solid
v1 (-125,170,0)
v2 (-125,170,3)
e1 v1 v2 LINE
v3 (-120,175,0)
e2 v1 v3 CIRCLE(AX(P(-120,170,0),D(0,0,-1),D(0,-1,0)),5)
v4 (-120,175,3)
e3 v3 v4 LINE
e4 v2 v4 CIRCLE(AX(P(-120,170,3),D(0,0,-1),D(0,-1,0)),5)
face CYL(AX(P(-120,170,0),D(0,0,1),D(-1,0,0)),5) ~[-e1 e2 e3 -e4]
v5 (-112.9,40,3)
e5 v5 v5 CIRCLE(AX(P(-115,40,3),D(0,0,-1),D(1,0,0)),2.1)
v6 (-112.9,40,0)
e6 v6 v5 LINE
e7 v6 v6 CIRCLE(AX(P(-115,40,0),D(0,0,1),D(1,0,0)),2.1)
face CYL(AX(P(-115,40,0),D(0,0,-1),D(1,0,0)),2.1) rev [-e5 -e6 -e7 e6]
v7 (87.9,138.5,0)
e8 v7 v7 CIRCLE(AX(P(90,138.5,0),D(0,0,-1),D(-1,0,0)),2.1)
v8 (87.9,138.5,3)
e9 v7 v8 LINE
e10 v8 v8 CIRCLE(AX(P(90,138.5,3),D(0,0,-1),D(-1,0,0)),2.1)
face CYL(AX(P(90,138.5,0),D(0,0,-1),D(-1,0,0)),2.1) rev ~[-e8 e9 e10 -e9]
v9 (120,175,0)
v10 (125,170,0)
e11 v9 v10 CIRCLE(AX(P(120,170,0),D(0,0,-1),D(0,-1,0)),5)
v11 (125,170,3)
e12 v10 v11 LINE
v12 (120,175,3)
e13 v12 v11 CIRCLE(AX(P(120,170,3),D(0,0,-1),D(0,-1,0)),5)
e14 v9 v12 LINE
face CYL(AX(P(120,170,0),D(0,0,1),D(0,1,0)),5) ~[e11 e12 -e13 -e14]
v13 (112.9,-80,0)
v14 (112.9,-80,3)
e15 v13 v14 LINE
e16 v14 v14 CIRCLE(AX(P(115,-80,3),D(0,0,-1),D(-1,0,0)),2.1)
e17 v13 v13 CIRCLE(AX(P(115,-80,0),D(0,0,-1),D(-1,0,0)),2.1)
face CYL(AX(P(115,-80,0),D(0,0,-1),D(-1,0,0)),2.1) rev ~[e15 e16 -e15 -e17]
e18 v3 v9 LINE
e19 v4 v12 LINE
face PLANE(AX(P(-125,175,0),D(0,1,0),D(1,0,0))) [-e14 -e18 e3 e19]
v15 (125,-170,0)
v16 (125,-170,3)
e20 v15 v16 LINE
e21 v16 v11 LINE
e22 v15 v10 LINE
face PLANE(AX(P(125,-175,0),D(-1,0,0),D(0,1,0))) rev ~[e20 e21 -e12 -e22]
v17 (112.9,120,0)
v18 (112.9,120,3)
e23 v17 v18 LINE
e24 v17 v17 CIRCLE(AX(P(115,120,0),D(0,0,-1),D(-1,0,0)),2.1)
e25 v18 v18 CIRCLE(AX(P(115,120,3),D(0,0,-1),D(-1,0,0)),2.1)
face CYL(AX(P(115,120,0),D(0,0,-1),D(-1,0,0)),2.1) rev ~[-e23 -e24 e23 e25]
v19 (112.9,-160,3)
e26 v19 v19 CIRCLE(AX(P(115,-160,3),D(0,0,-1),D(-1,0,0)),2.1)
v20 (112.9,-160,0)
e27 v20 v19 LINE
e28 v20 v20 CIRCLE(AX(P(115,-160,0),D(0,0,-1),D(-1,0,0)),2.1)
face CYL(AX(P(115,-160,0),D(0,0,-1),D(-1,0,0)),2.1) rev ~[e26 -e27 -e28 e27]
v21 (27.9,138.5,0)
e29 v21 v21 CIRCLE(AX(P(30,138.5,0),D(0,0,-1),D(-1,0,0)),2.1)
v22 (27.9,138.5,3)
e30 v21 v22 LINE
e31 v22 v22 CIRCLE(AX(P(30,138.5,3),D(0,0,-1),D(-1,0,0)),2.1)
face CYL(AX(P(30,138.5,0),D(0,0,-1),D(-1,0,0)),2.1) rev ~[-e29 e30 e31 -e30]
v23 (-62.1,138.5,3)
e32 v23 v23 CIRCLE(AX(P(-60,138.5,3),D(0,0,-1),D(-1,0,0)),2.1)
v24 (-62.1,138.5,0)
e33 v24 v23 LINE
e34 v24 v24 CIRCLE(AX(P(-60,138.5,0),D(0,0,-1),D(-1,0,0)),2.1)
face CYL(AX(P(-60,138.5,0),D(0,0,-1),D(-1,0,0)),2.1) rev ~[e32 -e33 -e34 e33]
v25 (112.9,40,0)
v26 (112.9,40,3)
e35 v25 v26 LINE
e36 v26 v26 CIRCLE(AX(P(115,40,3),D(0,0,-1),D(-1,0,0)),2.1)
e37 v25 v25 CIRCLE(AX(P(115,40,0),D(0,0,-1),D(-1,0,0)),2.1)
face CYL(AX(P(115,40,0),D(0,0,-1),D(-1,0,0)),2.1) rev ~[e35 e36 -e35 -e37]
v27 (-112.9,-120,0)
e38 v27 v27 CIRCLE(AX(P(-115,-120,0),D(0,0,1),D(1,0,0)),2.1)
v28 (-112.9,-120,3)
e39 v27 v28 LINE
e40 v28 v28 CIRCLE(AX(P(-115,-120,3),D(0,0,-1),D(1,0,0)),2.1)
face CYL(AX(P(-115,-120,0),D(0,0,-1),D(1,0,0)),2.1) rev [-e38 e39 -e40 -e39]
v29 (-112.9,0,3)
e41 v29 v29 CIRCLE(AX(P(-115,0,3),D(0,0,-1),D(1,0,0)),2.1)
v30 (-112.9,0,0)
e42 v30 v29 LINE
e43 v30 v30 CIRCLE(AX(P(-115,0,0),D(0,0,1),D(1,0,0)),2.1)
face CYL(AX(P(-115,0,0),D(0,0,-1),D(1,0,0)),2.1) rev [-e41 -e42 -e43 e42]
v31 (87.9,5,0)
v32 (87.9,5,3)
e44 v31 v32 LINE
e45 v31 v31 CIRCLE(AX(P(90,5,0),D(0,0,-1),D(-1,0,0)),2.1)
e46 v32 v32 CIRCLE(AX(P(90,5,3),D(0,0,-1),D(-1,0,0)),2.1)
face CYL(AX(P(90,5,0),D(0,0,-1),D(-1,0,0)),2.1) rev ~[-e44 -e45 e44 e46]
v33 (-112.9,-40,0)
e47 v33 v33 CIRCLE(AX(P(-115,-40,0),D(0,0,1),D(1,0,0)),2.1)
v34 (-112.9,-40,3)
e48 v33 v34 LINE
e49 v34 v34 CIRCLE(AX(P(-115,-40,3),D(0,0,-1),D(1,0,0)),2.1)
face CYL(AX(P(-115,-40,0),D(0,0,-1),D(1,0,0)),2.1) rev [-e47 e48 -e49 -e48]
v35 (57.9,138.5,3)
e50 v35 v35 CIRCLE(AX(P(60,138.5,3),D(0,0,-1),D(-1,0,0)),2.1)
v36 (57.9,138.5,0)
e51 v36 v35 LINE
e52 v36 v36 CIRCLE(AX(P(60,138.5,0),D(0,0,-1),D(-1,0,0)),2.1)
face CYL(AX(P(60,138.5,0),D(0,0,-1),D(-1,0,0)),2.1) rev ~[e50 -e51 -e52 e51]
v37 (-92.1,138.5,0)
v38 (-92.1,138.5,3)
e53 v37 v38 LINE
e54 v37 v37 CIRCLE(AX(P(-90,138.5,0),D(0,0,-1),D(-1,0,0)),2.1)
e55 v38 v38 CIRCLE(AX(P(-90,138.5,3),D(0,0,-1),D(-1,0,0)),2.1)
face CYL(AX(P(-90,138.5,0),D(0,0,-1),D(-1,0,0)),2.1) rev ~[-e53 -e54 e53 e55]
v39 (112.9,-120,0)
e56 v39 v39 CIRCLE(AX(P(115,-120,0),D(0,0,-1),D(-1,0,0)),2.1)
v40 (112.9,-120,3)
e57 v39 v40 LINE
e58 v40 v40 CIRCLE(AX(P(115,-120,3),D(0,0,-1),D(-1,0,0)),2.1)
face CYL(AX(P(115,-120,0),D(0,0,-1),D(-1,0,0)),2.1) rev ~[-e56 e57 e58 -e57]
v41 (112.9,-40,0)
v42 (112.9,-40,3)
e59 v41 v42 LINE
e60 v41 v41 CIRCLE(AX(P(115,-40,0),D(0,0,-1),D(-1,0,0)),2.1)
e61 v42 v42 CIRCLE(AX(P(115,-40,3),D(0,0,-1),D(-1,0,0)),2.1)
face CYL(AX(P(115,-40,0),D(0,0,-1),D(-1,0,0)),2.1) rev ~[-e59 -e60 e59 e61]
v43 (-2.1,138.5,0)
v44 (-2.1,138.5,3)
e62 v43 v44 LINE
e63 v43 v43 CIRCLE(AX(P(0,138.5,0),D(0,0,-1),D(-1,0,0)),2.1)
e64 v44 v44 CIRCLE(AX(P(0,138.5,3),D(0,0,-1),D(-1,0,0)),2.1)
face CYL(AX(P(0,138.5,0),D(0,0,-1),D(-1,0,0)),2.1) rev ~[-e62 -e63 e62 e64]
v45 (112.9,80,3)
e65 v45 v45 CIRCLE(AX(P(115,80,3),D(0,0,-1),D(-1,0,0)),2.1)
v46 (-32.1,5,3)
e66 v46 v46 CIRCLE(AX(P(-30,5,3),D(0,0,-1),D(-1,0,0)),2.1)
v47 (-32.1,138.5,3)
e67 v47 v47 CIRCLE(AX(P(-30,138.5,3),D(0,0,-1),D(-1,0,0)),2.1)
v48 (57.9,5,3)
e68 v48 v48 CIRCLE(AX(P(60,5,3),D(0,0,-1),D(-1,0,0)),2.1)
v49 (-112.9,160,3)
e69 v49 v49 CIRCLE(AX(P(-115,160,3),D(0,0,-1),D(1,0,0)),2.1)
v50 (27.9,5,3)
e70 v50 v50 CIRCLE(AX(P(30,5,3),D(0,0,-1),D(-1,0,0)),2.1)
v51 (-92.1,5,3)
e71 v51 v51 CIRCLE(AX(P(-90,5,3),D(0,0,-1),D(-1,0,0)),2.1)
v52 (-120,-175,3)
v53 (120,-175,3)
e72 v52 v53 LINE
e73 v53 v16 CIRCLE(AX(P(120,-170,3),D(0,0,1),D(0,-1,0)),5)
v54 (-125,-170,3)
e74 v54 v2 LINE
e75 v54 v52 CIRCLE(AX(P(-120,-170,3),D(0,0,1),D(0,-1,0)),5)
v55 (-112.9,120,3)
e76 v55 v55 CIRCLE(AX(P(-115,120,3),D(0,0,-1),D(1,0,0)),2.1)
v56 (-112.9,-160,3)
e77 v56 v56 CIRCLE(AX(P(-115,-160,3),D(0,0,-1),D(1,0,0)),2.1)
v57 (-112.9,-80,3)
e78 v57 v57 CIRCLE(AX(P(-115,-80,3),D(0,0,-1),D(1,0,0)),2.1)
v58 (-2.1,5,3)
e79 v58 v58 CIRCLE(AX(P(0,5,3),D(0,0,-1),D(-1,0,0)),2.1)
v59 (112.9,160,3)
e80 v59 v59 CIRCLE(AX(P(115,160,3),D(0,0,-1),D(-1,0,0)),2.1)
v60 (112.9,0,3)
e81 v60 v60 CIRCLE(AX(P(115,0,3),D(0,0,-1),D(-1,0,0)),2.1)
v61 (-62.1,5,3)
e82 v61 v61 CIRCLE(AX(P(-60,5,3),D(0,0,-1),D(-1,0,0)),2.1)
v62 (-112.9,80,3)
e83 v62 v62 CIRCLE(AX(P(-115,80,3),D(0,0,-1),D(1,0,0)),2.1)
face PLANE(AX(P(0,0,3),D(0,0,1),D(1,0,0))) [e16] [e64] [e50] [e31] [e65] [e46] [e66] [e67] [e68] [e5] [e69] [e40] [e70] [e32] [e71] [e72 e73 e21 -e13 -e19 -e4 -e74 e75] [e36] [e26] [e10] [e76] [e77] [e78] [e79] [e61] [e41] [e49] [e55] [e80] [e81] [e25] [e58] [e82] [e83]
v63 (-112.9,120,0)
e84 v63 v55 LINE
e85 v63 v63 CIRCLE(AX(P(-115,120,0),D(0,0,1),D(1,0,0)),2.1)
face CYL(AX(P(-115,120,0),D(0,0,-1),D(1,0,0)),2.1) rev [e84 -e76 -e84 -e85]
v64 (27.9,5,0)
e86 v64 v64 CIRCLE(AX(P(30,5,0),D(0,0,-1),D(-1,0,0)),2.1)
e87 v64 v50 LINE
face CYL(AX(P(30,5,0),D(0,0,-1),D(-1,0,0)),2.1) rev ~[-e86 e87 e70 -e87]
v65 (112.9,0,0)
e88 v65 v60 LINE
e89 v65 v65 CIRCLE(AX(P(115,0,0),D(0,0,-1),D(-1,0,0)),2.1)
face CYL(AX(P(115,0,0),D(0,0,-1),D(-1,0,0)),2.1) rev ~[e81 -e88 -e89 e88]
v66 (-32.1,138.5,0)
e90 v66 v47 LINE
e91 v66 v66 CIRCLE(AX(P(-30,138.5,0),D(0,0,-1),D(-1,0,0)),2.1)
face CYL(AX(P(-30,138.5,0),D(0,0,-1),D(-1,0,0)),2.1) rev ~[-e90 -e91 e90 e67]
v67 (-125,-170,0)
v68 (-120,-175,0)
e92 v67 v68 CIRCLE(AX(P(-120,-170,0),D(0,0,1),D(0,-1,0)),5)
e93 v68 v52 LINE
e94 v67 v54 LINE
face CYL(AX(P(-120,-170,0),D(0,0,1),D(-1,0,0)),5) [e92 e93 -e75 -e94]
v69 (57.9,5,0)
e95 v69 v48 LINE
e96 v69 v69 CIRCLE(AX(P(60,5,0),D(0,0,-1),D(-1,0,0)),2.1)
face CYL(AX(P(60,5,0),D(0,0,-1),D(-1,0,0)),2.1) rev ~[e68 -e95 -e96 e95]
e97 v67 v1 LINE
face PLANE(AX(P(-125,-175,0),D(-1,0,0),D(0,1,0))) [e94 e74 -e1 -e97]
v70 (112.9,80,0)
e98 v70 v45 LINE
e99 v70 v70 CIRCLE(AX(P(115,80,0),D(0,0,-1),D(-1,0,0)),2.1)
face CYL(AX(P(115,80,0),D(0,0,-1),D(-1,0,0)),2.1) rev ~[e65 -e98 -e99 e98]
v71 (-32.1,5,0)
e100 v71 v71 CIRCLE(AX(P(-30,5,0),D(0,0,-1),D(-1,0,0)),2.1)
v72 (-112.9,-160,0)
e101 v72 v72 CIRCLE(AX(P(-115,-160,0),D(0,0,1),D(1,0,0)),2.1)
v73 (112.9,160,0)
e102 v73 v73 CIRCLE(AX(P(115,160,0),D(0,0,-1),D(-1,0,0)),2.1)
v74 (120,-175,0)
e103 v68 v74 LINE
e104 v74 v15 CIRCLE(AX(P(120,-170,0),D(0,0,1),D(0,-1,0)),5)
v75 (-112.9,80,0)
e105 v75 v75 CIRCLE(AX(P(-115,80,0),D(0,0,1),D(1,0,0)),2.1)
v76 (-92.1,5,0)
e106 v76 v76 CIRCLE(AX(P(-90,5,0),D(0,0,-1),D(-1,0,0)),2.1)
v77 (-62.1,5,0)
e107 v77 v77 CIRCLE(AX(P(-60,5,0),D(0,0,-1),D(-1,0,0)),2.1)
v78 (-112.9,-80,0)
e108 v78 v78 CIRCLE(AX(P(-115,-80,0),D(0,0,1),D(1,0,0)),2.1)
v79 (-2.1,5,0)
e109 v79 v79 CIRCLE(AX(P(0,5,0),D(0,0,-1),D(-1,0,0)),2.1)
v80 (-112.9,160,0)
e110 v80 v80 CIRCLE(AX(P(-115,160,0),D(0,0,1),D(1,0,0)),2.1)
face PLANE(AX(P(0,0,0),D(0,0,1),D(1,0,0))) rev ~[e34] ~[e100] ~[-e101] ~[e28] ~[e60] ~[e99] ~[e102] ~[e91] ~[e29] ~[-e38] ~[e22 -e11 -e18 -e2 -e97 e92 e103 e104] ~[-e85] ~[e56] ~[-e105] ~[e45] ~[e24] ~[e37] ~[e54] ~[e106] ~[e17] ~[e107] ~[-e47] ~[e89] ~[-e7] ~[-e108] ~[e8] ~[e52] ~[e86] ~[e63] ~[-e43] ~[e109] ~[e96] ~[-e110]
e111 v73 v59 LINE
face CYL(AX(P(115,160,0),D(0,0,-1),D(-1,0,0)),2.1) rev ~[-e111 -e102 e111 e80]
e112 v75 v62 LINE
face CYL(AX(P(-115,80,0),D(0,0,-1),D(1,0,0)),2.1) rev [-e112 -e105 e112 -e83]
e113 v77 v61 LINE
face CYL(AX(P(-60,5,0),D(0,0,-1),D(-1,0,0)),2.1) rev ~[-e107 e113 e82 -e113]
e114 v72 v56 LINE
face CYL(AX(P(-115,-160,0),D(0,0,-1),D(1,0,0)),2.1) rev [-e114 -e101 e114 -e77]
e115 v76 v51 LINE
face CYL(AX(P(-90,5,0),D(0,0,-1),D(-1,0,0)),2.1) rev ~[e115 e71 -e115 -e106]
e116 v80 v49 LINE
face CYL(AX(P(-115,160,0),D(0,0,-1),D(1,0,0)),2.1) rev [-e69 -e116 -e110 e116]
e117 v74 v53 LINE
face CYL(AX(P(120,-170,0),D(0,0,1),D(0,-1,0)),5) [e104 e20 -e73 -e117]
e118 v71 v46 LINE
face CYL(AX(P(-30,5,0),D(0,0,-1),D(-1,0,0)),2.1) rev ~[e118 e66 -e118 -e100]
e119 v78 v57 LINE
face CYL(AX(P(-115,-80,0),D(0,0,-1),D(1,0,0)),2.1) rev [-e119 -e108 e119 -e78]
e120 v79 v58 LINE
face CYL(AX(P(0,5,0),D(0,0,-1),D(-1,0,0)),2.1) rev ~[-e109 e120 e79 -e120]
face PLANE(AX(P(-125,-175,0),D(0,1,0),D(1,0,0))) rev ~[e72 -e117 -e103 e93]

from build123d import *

# Parameters (mm, degrees)
SKETCH1_W           = 250
SKETCH1_H           = 350
BOSS_EXTRUDE1_DEPTH = 3
SKETCH3_R           = 2.1
CUT_EXTRUDE1_DEPTH  = 216.079055233
FILLET1_R           = 5
SKETCH4_R           = 2.1
CUT_EXTRUDE2_DEPTH  = 216.079055233
LPATTERN1_COUNT     = 2
LPATTERN1_PITCH     = 133.5


with BuildPart() as part:
    # Sketch1 → Boss-Extrude1 (new body)
    with BuildSketch(Plane.XY):
        Rectangle(SKETCH1_W, SKETCH1_H)
    extrude(amount=BOSS_EXTRUDE1_DEPTH)

    # Sketch3 → Cut-Extrude1 (cut, through all)
    with BuildSketch(Plane(origin=(0, 0, 0), x_dir=(-1, 0, 0), z_dir=(0, 0, -1))):
        with Locations((-115, 160)):
            Circle(SKETCH3_R)
        with Locations((-115, 120)):
            Circle(SKETCH3_R)
        with Locations((-115, 80)):
            Circle(SKETCH3_R)
        with Locations((-115, 40)):
            Circle(SKETCH3_R)
        with Locations((-115, 0)):
            Circle(SKETCH3_R)
        with Locations((-115, -40)):
            Circle(SKETCH3_R)
        with Locations((-115, -80)):
            Circle(SKETCH3_R)
        with Locations((-115, -120)):
            Circle(SKETCH3_R)
        with Locations((-115, -160)):
            Circle(SKETCH3_R)
    cut_extrude1 = extrude(amount=-CUT_EXTRUDE1_DEPTH, mode=Mode.SUBTRACT)

    # Mirror1: Cut-Extrude1 across plane
    add(cut_extrude1.mirror(Plane(origin=(0, 0, 0), x_dir=(0, 0, 1), z_dir=(1, 0, 0))), mode=Mode.SUBTRACT)

    # Fillet1
    fillet1_edges = [part.edges().sort_by_distance(p)[0] for p in [
        (125, -175, 1.5),
        (-125, -175, 1.5),
        (-125, 175, 1.5),
        (125, 175, 1.5),
    ]]
    fillet(fillet1_edges, radius=FILLET1_R)

    # Sketch4 → Cut-Extrude2 (cut, through all)
    with BuildSketch(Plane(origin=(0, 0, 0), x_dir=(-1, 0, 0), z_dir=(0, 0, -1))):
        with Locations((-90, 138.5)):
            Circle(SKETCH4_R)
        with Locations((-60, 138.5)):
            Circle(SKETCH4_R)
        with Locations((-30, 138.5)):
            Circle(SKETCH4_R)
        with Locations((0, 138.5)):
            Circle(SKETCH4_R)
        with Locations((30, 138.5)):
            Circle(SKETCH4_R)
        with Locations((60, 138.5)):
            Circle(SKETCH4_R)
        with Locations((90, 138.5)):
            Circle(SKETCH4_R)
    cut_extrude2 = extrude(amount=-CUT_EXTRUDE2_DEPTH, mode=Mode.SUBTRACT)

    # LPattern1: Cut-Extrude2 ×2
    with Locations(*[(0, -i * LPATTERN1_PITCH, 0) for i in range(1, LPATTERN1_COUNT)]):
        add(cut_extrude2, mode=Mode.SUBTRACT)


solid = part.part
